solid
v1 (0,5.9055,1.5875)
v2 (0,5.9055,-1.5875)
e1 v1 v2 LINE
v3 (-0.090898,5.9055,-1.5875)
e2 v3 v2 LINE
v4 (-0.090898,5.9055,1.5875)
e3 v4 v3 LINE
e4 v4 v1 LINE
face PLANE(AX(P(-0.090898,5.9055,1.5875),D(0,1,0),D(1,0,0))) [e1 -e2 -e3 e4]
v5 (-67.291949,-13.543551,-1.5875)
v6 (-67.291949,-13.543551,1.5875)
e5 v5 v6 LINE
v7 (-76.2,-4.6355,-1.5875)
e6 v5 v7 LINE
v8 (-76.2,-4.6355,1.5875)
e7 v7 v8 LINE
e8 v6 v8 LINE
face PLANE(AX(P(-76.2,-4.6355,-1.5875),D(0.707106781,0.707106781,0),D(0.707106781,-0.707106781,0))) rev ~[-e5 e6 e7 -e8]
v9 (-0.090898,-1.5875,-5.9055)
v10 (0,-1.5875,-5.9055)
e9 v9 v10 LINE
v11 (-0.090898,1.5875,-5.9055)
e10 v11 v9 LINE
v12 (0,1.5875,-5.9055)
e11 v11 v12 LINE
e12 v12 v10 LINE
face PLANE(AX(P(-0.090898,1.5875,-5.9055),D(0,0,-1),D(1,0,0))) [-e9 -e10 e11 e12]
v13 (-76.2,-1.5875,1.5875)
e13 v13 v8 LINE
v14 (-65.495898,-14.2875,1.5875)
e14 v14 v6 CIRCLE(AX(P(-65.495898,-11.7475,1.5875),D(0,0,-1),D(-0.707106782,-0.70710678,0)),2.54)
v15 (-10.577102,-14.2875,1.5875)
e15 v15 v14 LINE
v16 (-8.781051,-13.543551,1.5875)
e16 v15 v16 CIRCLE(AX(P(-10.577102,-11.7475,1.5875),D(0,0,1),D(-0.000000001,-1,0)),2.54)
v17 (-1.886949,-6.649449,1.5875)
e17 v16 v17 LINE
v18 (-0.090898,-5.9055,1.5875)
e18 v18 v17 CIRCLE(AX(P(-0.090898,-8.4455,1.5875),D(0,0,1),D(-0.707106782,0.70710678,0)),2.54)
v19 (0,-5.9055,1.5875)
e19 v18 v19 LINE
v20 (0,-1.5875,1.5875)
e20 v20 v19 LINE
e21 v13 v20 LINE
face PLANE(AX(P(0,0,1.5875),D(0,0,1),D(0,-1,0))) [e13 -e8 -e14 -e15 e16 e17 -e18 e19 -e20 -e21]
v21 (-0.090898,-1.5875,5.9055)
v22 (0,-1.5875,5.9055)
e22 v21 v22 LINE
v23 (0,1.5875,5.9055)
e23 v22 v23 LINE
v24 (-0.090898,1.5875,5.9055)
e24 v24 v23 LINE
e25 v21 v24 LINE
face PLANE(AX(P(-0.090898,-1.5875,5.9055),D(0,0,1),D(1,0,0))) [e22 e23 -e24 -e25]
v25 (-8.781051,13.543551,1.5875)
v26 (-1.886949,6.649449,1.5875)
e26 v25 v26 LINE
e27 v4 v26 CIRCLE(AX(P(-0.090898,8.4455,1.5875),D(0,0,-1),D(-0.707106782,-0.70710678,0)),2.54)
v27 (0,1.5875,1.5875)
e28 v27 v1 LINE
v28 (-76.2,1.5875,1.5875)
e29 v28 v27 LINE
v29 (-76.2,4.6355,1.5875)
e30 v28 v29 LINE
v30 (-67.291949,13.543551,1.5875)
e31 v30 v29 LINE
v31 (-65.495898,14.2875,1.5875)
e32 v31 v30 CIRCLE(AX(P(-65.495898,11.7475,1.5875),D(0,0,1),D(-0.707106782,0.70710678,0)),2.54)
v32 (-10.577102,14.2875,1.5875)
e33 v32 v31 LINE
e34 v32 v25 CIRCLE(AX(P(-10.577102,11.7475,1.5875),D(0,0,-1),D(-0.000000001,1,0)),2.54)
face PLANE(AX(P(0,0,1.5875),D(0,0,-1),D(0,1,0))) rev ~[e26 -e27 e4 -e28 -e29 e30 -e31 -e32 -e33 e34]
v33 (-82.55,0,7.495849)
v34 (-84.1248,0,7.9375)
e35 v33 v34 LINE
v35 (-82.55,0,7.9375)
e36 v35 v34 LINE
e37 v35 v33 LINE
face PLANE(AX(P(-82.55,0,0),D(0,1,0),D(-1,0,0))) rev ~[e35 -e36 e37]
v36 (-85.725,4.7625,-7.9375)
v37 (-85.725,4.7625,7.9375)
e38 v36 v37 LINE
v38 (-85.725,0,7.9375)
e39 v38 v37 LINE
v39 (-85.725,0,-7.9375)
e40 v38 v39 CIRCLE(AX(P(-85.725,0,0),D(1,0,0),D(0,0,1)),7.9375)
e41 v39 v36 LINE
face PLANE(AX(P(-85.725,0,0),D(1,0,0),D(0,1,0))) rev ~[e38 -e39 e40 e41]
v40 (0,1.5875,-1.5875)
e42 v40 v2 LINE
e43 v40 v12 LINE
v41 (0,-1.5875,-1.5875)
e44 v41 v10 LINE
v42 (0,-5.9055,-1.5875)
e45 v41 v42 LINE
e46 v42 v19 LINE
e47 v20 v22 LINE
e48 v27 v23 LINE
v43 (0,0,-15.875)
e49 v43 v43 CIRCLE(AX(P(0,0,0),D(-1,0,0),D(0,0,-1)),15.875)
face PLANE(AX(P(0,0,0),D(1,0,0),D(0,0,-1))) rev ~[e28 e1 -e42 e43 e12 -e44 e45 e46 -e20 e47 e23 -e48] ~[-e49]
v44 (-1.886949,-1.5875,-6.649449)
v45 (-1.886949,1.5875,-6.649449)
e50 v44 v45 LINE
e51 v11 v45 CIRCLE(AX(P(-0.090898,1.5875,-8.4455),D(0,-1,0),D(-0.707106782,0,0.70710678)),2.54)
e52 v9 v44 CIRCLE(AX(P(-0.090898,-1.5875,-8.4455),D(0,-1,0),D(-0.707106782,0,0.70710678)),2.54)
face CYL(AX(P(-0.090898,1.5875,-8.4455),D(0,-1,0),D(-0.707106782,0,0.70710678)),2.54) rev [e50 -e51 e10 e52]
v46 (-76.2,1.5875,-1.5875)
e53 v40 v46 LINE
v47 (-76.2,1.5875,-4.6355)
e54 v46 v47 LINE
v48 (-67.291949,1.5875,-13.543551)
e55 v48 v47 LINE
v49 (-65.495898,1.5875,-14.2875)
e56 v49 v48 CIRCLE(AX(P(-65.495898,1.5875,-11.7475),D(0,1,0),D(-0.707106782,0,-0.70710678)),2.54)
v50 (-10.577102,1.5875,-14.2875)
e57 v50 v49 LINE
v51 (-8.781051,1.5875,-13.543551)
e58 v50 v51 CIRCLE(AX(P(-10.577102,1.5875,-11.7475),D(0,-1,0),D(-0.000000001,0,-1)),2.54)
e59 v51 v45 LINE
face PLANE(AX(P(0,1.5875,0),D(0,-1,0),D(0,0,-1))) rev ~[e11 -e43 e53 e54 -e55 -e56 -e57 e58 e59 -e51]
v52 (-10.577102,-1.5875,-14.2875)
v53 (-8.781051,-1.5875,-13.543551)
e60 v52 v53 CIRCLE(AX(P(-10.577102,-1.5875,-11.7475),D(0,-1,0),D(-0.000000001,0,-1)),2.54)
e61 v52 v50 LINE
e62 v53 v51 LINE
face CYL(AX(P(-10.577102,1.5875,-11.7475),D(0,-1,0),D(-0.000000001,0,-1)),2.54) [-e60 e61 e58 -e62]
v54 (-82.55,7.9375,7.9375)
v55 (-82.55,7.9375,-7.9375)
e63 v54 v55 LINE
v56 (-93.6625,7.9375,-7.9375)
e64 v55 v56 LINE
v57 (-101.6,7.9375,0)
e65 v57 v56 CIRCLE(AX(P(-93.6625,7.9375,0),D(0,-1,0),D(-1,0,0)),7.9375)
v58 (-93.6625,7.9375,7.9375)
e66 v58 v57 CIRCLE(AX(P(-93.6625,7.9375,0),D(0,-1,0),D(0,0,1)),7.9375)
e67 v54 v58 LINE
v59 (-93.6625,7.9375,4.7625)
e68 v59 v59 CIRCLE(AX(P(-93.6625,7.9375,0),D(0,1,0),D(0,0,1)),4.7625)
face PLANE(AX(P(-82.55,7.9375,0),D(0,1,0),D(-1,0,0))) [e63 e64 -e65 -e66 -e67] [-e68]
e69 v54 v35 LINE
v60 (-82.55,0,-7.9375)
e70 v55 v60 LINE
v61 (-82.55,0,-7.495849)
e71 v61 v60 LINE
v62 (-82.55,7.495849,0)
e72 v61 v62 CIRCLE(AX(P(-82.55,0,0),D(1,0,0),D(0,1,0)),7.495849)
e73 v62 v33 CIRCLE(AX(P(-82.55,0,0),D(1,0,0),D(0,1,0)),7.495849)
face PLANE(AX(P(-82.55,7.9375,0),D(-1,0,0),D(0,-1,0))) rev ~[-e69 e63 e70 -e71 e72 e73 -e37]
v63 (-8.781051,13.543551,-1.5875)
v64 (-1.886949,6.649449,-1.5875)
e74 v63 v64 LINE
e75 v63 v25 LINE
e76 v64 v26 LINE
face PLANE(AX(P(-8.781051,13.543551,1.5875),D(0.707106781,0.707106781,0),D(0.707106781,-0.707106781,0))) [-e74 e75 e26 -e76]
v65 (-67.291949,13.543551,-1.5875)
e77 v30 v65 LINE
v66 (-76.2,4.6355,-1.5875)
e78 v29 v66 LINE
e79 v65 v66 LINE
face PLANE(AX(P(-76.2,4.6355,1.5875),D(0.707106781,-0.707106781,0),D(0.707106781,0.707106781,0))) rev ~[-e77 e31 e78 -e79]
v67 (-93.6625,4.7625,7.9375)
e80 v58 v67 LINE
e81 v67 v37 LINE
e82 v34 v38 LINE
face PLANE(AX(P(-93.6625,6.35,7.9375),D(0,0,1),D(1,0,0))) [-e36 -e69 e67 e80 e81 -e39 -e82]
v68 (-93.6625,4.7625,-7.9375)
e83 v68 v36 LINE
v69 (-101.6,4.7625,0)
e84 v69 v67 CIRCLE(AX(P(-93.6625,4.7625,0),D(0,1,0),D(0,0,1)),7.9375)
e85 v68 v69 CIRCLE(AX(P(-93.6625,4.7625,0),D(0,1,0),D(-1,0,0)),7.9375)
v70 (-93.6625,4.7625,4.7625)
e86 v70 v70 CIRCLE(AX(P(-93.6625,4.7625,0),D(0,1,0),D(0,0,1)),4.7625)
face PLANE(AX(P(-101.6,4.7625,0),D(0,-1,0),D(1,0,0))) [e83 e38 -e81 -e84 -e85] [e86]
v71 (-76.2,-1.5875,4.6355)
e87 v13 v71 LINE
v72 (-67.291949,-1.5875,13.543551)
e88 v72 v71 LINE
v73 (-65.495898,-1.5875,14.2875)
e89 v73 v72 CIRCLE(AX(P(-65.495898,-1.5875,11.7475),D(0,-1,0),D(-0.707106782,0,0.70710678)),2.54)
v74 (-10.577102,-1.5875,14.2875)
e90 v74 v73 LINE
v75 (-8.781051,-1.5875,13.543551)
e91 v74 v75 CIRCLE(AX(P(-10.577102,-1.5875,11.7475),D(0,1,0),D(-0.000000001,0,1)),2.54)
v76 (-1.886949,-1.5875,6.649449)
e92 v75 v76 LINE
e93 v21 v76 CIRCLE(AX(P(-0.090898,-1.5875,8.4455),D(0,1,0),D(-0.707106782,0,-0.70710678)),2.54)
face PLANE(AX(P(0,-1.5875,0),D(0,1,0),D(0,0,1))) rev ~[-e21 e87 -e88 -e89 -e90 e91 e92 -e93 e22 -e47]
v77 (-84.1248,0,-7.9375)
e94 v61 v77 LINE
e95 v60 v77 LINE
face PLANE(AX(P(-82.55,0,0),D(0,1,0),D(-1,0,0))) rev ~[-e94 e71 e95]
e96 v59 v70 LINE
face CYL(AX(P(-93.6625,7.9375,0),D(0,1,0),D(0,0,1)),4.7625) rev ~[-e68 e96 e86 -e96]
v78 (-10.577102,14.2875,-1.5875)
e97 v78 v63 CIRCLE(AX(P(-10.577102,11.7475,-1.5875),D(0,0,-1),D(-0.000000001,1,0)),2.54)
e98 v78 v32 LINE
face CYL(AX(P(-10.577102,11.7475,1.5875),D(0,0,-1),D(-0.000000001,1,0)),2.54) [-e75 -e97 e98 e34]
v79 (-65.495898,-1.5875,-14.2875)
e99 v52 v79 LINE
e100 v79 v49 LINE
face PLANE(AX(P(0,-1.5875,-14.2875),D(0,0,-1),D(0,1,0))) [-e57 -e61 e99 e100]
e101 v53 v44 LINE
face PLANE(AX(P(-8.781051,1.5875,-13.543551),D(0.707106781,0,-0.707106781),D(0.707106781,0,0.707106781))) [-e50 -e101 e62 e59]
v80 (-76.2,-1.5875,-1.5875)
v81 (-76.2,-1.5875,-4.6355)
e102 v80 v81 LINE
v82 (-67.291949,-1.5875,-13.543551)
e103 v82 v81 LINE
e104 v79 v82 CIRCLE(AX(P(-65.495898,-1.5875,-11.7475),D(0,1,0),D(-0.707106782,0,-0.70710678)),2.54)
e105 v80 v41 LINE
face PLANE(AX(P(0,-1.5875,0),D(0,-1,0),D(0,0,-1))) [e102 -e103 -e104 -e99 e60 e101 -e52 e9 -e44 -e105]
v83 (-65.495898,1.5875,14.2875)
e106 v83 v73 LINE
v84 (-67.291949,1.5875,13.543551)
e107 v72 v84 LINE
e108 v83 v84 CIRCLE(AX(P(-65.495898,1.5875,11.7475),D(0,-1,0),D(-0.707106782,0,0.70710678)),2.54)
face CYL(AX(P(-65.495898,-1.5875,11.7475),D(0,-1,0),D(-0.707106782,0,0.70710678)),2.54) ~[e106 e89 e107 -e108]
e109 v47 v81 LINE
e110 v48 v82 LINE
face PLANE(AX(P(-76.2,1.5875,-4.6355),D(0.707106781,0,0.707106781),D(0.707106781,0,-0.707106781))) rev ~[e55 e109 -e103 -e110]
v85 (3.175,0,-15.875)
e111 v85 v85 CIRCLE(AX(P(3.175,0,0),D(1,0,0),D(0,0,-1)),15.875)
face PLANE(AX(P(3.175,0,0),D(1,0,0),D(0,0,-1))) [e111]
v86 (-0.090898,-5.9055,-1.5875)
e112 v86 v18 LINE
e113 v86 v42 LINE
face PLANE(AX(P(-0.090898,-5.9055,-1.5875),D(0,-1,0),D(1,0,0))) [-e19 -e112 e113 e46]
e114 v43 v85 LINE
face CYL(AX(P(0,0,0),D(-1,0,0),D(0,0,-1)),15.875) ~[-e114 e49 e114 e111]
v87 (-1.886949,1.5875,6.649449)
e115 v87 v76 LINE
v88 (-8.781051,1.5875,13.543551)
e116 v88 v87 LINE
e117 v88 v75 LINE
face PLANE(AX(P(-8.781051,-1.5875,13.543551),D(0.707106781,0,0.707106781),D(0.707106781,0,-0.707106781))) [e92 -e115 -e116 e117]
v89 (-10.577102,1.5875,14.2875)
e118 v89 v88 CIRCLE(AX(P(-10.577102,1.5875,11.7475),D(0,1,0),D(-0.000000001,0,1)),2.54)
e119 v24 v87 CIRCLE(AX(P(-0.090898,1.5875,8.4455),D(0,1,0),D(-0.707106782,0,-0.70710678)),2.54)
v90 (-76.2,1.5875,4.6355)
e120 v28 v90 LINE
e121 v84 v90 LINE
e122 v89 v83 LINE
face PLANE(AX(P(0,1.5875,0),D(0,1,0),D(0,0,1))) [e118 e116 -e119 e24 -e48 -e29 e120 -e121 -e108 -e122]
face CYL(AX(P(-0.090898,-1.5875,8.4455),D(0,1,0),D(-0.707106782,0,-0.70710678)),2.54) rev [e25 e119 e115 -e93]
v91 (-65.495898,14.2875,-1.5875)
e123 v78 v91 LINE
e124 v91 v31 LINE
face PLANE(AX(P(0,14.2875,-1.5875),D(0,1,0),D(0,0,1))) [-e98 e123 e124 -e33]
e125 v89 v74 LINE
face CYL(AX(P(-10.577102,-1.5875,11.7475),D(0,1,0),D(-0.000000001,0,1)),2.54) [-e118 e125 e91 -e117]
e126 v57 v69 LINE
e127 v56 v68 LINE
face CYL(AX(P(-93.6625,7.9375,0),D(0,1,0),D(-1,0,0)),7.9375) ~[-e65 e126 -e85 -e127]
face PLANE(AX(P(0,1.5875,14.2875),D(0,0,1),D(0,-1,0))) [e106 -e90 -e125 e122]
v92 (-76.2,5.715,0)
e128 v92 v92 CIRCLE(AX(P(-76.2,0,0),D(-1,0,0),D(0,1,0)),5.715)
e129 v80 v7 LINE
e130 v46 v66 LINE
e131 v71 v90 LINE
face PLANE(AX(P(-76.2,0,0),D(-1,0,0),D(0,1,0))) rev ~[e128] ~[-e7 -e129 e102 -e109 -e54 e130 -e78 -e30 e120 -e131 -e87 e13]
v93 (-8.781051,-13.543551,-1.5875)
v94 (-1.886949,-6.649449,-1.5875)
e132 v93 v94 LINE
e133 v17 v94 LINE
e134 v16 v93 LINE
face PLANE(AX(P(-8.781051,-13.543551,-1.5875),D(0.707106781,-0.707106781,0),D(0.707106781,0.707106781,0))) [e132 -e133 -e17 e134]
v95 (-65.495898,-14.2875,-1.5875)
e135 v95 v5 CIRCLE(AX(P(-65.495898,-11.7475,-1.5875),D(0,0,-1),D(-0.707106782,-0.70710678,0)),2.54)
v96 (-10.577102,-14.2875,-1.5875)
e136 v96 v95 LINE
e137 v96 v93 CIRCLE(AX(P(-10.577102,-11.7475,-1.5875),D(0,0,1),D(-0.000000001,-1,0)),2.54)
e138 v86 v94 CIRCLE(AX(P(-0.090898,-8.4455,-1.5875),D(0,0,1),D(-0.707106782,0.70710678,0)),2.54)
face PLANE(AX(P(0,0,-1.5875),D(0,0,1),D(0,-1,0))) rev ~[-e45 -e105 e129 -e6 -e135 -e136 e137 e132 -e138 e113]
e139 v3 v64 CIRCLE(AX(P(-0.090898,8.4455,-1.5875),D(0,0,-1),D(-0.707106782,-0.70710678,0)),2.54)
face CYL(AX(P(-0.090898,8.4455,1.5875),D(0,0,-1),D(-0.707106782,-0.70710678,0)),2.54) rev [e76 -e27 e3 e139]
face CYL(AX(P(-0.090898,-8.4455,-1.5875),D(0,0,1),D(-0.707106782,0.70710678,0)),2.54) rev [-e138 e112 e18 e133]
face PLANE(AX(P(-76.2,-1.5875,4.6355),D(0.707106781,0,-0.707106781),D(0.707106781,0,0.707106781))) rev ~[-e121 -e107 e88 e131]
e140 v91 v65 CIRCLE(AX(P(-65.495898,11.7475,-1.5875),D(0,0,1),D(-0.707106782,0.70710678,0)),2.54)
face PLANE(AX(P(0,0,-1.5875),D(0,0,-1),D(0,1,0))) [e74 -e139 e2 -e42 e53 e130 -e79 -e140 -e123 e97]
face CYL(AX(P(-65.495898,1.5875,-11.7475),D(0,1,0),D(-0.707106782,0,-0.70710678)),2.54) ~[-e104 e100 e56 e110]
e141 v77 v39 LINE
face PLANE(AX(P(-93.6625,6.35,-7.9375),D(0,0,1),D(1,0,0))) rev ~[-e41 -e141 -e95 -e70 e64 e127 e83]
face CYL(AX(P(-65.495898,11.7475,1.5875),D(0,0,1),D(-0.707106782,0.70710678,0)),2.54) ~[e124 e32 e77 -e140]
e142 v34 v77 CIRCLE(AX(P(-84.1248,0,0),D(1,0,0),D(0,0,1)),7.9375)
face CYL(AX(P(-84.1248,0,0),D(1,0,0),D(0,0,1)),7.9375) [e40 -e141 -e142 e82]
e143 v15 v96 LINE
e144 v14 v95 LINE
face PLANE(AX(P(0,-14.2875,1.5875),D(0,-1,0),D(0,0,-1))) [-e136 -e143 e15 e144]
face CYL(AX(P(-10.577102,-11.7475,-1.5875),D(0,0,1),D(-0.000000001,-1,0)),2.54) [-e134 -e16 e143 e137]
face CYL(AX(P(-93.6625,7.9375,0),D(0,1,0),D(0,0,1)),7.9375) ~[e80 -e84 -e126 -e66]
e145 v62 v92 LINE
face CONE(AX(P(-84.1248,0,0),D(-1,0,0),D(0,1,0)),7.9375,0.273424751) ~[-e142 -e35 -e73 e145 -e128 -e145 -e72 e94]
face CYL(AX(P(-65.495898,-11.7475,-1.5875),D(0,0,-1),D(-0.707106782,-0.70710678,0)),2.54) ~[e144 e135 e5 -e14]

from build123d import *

# Parameters (mm, degrees)
SKETCH1_R            = 15.875
BOSS_EXTRUDE1_DEPTH  = 3.175
SKETCH5_W            = 3.175
SKETCH5_H            = 14.2875
BOSS_EXTRUDE3_DEPTH  = 76.2
CUT_EXTRUDE1_DEPTH   = 80.770887743
CIRPATTERN2_COUNT    = 4
BOSS_EXTRUDE21_DEPTH = 1.6002
SKETCH18_W           = 3.175
SKETCH18_H           = 7.9375
CUT_EXTRUDE7_DEPTH   = 7.9375
SKETCH19_W           = 15.875
SKETCH19_H           = 3.175
BOSS_EXTRUDE22_DEPTH = 7.9375
SKETCH20_R           = 4.7625
CUT_EXTRUDE8_DEPTH   = 106.553828833


with BuildPart() as part:
    # Sketch1 → Boss-Extrude1 (new body)
    with BuildSketch(Plane(origin=(0, 0, 0), x_dir=(0, 0, -1), z_dir=(1, 0, 0))):
        Circle(SKETCH1_R)
    extrude(amount=BOSS_EXTRUDE1_DEPTH)

    # Sketch5 → Boss-Extrude3 (add)
    with BuildSketch(Plane.ZY):
        with Locations((0, 7.14375)):
            Rectangle(SKETCH5_W, SKETCH5_H)
    boss_extrude3 = extrude(amount=BOSS_EXTRUDE3_DEPTH)

    # Sketch6 → Cut-Extrude1 (cut, symmetric)
    with BuildSketch(Plane.XY.offset(1.5875)):
        with BuildLine():
            Line((0, 14.2875), (-10.577102448, 14.2875))
            ThreePointArc((-10.577102448, 14.2875), (-9.60508653, 14.094154013), (-8.781051224, 13.543551224))
            Line((-8.781051224, 13.543551224), (-1.886948776, 6.649448776))
            ThreePointArc((-1.886948776, 6.649448776), (-1.06291347, 6.098845987), (-0.090897552, 5.9055))
            Line((-0.090897552, 5.9055), (0, 5.9055))
            Line((0, 5.9055), (0, 14.2875))
        make_face()
        with BuildLine():
            ThreePointArc((-67.291948776, 13.543551224), (-66.46791347, 14.094154013), (-65.495897552, 14.2875))
            Line((-65.495897552, 14.2875), (-76.2, 14.2875))
            Line((-76.2, 14.2875), (-76.2, 4.6355))
            Line((-76.2, 4.6355), (-67.291948776, 13.543551224))
        make_face()
    cut_extrude1 = extrude(amount=CUT_EXTRUDE1_DEPTH, both=True, mode=Mode.SUBTRACT)

    # CirPattern2: Boss-Extrude3, Cut-Extrude1 ×4 about axis
    cirpattern2_axis = Axis((0, 0, 0), (1, 0, 0))
    add([boss_extrude3.rotate(cirpattern2_axis, i * 360 / CIRPATTERN2_COUNT) for i in range(1, CIRPATTERN2_COUNT)])
    add([cut_extrude1.rotate(cirpattern2_axis, i * 360 / CIRPATTERN2_COUNT) for i in range(1, CIRPATTERN2_COUNT)], mode=Mode.SUBTRACT)

    # Sketch8 → Revolve1 (revolve)
    with BuildSketch(Plane.XY):
        Polygon((-76.2, 0), (-84.1248, 0), (-84.1248, 7.9375), (-76.2, 5.715), align=None)
    revolve(axis=Axis((0, 0, 0), (-1, 0, 0)))

    # Sketch17 → Boss-Extrude21 (add)
    with BuildSketch(Plane.ZY.offset(84.1248)):
        with BuildLine():
            Line((-7.9375, 0), (7.9375, 0))
            ThreePointArc((7.9375, 0), (0, -7.9375), (-7.9375, 0))
        make_face()
    extrude(amount=BOSS_EXTRUDE21_DEPTH)

    # Sketch18 → Cut-Extrude7 (cut, symmetric)
    with BuildSketch(Plane.XY):
        with Locations((-84.1375, 3.96875)):
            Rectangle(SKETCH18_W, SKETCH18_H)
    extrude(amount=CUT_EXTRUDE7_DEPTH, both=True, mode=Mode.SUBTRACT)

    # Sketch19 → Boss-Extrude22 (add, symmetric)
    with BuildSketch(Plane.XY):
        with Locations((-93.6625, 6.35)):
            Rectangle(SKETCH19_W, SKETCH19_H)
        Polygon((-85.725, 7.9375), (-82.55, 7.9375), (-82.55, 0), (-85.725, 0), (-85.725, 4.7625), align=None)
    extrude(amount=BOSS_EXTRUDE22_DEPTH, both=True)

    # Sketch20 → Cut-Extrude8 (cut, through all)
    with BuildSketch(Plane(origin=(0, 7.9375, 0), x_dir=(-1, 0, 0), z_dir=(0, 1, 0))):
        with BuildLine():
            ThreePointArc((101.6, 0), (99.275160076, -5.612660076), (93.6625, -7.9375))
            Line((93.6625, -7.9375), (101.6, -7.9375))
            Line((101.6, -7.9375), (101.6, 0))
        make_face()
        with BuildLine():
            ThreePointArc((93.6625, 7.9375), (99.275160076, 5.612660076), (101.6, 0))
            Line((101.6, 0), (101.6, 7.9375))
            Line((101.6, 7.9375), (93.6625, 7.9375))
        make_face()
        with Locations(Location((93.6625, 0, 0), (0, 0, 90))):
            Circle(SKETCH20_R)
    extrude(amount=-CUT_EXTRUDE8_DEPTH, mode=Mode.SUBTRACT)


solid = part.part
